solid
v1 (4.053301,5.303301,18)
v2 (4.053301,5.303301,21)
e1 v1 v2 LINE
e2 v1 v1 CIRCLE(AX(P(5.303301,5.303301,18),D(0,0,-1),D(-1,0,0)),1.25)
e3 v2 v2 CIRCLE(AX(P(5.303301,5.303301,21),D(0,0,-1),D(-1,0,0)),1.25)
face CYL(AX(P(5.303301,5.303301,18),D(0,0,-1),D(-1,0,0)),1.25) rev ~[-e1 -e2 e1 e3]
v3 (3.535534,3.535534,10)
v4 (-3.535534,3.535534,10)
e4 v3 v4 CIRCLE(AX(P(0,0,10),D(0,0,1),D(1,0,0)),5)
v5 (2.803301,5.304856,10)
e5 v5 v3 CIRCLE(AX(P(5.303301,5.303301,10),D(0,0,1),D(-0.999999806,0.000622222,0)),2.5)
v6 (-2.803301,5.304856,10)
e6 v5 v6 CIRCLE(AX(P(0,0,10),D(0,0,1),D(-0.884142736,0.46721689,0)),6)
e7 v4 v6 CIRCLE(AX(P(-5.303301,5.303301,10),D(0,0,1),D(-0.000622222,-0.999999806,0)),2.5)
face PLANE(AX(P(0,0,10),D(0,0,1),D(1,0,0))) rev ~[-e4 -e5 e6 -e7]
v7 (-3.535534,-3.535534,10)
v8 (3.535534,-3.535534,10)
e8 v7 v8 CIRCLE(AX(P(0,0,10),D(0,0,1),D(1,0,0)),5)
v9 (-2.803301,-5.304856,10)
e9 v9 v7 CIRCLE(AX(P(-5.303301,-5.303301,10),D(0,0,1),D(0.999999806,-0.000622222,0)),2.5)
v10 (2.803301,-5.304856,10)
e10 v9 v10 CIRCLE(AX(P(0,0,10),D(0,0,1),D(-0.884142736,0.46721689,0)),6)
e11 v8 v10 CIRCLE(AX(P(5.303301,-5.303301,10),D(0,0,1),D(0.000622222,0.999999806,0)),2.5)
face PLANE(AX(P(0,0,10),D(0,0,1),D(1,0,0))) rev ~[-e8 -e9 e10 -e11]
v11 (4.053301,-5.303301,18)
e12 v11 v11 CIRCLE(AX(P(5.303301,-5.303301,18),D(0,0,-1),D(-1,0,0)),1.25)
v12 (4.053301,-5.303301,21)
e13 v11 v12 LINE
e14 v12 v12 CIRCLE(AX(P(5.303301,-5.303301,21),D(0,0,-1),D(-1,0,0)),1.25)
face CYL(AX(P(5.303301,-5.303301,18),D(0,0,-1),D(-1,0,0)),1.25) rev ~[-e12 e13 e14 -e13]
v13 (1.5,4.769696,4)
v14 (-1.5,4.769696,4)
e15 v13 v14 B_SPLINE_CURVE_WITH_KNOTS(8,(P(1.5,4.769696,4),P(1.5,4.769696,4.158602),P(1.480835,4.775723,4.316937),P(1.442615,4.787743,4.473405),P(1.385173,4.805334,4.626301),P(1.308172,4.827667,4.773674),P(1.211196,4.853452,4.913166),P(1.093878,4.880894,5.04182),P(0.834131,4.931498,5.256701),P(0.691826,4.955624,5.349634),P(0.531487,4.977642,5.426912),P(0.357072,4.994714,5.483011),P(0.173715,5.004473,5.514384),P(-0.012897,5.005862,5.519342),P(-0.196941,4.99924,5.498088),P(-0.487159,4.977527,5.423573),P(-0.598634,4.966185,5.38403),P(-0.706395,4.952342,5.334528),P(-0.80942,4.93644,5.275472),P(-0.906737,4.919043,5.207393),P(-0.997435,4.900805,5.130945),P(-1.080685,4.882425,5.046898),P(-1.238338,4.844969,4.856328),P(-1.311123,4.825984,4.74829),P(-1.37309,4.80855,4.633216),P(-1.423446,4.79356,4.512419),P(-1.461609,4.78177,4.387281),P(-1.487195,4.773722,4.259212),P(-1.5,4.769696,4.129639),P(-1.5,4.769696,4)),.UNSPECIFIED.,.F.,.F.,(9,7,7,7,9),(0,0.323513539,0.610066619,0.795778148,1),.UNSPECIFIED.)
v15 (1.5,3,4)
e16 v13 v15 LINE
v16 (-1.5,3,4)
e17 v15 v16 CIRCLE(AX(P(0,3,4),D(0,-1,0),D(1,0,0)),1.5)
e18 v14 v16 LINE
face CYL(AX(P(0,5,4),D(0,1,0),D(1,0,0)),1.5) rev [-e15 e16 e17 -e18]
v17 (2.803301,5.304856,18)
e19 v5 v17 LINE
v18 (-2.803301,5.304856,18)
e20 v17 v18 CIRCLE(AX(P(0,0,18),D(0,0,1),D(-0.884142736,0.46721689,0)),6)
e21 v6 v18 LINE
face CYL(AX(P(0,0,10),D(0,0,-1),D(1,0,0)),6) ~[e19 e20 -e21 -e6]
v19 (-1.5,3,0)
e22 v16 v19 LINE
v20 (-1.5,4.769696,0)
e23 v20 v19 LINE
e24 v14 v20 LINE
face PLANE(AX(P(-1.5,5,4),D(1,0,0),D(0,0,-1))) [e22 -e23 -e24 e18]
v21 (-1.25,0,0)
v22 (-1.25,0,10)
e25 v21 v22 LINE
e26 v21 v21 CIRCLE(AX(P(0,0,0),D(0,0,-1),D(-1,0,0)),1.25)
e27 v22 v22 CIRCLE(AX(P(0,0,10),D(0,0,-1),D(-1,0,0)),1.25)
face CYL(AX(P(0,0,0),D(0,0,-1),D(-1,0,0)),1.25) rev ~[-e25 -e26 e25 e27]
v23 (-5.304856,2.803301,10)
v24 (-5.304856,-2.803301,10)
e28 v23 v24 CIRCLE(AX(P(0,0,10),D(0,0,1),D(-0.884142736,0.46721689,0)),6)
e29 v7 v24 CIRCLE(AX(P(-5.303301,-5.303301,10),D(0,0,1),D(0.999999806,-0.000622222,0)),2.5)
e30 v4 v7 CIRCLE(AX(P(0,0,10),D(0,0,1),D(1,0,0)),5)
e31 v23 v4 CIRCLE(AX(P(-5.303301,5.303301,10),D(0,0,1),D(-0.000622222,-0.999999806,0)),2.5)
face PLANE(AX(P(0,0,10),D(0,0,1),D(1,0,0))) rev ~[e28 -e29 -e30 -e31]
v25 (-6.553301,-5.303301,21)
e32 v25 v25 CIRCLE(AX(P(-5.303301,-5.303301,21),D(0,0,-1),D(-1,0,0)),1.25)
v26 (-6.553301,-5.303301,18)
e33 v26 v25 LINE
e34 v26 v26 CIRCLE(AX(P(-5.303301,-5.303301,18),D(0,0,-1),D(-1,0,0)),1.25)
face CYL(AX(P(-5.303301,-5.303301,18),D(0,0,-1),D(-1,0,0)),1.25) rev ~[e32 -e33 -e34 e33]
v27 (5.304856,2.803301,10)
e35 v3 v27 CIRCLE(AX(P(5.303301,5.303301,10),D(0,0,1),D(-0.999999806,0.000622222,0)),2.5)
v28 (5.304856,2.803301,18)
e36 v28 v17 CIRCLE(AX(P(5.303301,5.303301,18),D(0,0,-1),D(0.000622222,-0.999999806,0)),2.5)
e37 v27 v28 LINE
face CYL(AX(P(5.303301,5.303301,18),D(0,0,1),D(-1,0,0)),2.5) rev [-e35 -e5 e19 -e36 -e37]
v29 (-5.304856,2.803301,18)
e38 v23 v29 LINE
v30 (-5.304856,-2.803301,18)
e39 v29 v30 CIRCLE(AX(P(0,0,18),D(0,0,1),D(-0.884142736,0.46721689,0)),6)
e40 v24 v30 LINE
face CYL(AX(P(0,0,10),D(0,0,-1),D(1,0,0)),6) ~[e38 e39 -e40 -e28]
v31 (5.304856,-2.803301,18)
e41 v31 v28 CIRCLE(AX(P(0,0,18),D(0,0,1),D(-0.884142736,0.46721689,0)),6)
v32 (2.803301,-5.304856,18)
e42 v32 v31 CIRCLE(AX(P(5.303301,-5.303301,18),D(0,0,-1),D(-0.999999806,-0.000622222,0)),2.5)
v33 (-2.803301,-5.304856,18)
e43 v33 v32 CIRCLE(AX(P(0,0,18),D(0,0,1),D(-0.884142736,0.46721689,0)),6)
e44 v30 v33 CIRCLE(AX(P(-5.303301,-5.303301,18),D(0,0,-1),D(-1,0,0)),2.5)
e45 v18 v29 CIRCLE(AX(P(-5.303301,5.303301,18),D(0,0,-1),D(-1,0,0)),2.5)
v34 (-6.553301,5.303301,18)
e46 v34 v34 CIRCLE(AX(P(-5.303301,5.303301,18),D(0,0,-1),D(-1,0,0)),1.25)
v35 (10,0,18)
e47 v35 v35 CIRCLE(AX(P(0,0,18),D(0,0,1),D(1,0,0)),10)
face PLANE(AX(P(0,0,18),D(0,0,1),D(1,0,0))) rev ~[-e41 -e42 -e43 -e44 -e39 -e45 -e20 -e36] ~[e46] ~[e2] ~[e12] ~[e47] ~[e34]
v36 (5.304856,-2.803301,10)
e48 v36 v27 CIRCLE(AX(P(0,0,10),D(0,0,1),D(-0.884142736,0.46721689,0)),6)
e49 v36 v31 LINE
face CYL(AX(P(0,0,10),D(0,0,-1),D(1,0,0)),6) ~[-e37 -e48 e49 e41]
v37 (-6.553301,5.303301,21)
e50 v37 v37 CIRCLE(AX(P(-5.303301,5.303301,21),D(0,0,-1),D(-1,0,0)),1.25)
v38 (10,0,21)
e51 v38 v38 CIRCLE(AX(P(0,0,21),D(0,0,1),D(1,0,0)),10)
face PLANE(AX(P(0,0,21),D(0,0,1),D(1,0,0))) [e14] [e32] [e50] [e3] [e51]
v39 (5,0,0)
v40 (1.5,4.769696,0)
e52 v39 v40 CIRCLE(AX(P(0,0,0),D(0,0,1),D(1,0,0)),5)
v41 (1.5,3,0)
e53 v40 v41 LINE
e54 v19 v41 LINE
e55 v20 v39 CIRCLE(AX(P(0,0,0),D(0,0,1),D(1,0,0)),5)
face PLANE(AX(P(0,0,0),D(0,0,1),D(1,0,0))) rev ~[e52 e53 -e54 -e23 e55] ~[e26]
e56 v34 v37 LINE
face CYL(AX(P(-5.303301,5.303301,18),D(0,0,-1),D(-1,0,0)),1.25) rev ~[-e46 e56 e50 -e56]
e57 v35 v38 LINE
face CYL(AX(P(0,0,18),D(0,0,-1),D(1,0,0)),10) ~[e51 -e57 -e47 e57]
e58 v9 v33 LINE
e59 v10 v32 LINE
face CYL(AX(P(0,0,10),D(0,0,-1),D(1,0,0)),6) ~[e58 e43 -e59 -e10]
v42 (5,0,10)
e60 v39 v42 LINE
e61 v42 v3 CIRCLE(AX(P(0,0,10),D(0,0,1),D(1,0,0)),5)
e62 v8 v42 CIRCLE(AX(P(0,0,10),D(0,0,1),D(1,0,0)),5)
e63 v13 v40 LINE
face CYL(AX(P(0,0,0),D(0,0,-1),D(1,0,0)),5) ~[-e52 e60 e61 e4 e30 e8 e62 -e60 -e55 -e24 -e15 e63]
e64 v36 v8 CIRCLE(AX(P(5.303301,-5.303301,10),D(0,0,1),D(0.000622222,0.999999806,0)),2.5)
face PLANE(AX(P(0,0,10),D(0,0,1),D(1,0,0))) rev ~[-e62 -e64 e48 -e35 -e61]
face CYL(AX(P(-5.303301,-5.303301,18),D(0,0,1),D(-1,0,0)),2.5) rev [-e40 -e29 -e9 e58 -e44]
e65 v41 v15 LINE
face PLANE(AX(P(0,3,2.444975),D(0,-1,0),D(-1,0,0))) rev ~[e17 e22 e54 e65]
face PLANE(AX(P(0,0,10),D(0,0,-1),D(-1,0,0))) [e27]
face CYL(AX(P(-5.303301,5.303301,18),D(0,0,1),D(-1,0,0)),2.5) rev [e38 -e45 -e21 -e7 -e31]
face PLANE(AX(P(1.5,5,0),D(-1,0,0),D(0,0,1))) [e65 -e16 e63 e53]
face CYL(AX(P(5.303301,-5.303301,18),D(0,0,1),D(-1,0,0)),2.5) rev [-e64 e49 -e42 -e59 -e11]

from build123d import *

# Parameters (mm, degrees)
SKETCH_1_R          = 5
EXTRUDE_1_DEPTH     = 10
CUT_EXTRUDE_1_DEPTH = 2
SKETCH_3_R          = 6
EXTRUDE_2_DEPTH     = 8
SKETCH_4_R          = 1.25
CUT_EXTRUDE_2_DEPTH = 10
SKETCH_6_R          = 10
EXTRUDE_3_DEPTH     = 3
CUT_EXTRUDE_4_REACH = 24.891
SKETCH_7_R          = 1.25
CUT_EXTRUDE_5_REACH = 24.891
SKETCH_11_R         = 2.5


with BuildPart() as part:
    # 草图1 → 凸台-拉伸1 (new body)
    with BuildSketch(Plane.XY):
        Circle(SKETCH_1_R)
    extrude(amount=EXTRUDE_1_DEPTH)

    # 草图2 → 切除-拉伸1 (cut)
    with BuildSketch(Plane(origin=(0, 5, 0), x_dir=(1, 0, 0), z_dir=(0, 1, 0))):
        with BuildLine():
            Line((-1.5, -4), (-1.5, 0))
            Line((-1.5, 0), (1.5, 0))
            Line((1.5, 0), (1.5, -4))
            ThreePointArc((1.5, -4), (0, -5.5), (-1.5, -4))
        make_face()
    extrude(amount=-CUT_EXTRUDE_1_DEPTH, mode=Mode.SUBTRACT)

    # 草图3 → 凸台-拉伸2 (add)
    with BuildSketch(Plane.XY.offset(10)):
        Circle(SKETCH_3_R)
    extrude(amount=EXTRUDE_2_DEPTH)

    # 草图4 → 切除-拉伸2 (cut)
    with BuildSketch(Plane(origin=(0, 0, 0), x_dir=(-1, 0, 0), z_dir=(0, 0, -1))):
        Circle(SKETCH_4_R)
    extrude(amount=-CUT_EXTRUDE_2_DEPTH, mode=Mode.SUBTRACT)

    # 草图6 → 凸台-拉伸3 (add)
    with BuildSketch(Plane.XY.offset(18)):
        Circle(SKETCH_6_R)
    extrude(amount=EXTRUDE_3_DEPTH)

    # 草图7 → 切除-拉伸4 (cut, up to next)
    with BuildSketch(Plane(origin=(0, 0, 18), x_dir=(-1, 0, 0), z_dir=(0, 0, -1)), mode=Mode.PRIVATE) as cut_extrude_4_sk1:
        with Locations((5.303300859, 5.303300859)):
            Circle(SKETCH_7_R)
    cut_extrude_4_tool1 = extrude(cut_extrude_4_sk1.sketch, amount=-CUT_EXTRUDE_4_REACH, mode=Mode.PRIVATE) & part.part
    # 草图7 → 切除-拉伸4 (cut, up to next)
    with BuildSketch(Plane(origin=(0, 0, 18), x_dir=(-1, 0, 0), z_dir=(0, 0, -1)), mode=Mode.PRIVATE) as cut_extrude_4_sk2:
        with Locations((-5.303300859, 5.303300859)):
            Circle(SKETCH_7_R)
    cut_extrude_4_tool2 = extrude(cut_extrude_4_sk2.sketch, amount=-CUT_EXTRUDE_4_REACH, mode=Mode.PRIVATE) & part.part
    # 草图7 → 切除-拉伸4 (cut, up to next)
    with BuildSketch(Plane(origin=(0, 0, 18), x_dir=(-1, 0, 0), z_dir=(0, 0, -1)), mode=Mode.PRIVATE) as cut_extrude_4_sk3:
        with Locations((-5.303300859, -5.303300859)):
            Circle(SKETCH_7_R)
    cut_extrude_4_tool3 = extrude(cut_extrude_4_sk3.sketch, amount=-CUT_EXTRUDE_4_REACH, mode=Mode.PRIVATE) & part.part
    # 草图7 → 切除-拉伸4 (cut, up to next)
    with BuildSketch(Plane(origin=(0, 0, 18), x_dir=(-1, 0, 0), z_dir=(0, 0, -1)), mode=Mode.PRIVATE) as cut_extrude_4_sk4:
        with Locations((5.303300859, -5.303300859)):
            Circle(SKETCH_7_R)
    cut_extrude_4_tool4 = extrude(cut_extrude_4_sk4.sketch, amount=-CUT_EXTRUDE_4_REACH, mode=Mode.PRIVATE) & part.part
    add(cut_extrude_4_tool1.solids().sort_by_distance((-5.303301, 5.303301, 18))[0], mode=Mode.SUBTRACT)
    add(cut_extrude_4_tool2.solids().sort_by_distance((5.303301, 5.303301, 18))[0], mode=Mode.SUBTRACT)
    add(cut_extrude_4_tool3.solids().sort_by_distance((5.303301, -5.303301, 18))[0], mode=Mode.SUBTRACT)
    add(cut_extrude_4_tool4.solids().sort_by_distance((-5.303301, -5.303301, 18))[0], mode=Mode.SUBTRACT)

    # 草图11 → 切除-拉伸5 (cut, up to next)
    with BuildSketch(Plane(origin=(0, 0, 18), x_dir=(-1, 0, 0), z_dir=(0, 0, -1)), mode=Mode.PRIVATE) as cut_extrude_5_sk1:
        with Locations((5.303300859, 5.303300859)):
            Circle(SKETCH_11_R)
    cut_extrude_5_tool1 = extrude(cut_extrude_5_sk1.sketch, amount=CUT_EXTRUDE_5_REACH, mode=Mode.PRIVATE) & part.part
    # 草图11 → 切除-拉伸5 (cut, up to next)
    with BuildSketch(Plane(origin=(0, 0, 18), x_dir=(-1, 0, 0), z_dir=(0, 0, -1)), mode=Mode.PRIVATE) as cut_extrude_5_sk2:
        with Locations((-5.303300859, 5.303300859)):
            Circle(SKETCH_11_R)
    cut_extrude_5_tool2 = extrude(cut_extrude_5_sk2.sketch, amount=CUT_EXTRUDE_5_REACH, mode=Mode.PRIVATE) & part.part
    # 草图11 → 切除-拉伸5 (cut, up to next)
    with BuildSketch(Plane(origin=(0, 0, 18), x_dir=(-1, 0, 0), z_dir=(0, 0, -1)), mode=Mode.PRIVATE) as cut_extrude_5_sk3:
        with Locations((-5.303300859, -5.303300859)):
            Circle(SKETCH_11_R)
    cut_extrude_5_tool3 = extrude(cut_extrude_5_sk3.sketch, amount=CUT_EXTRUDE_5_REACH, mode=Mode.PRIVATE) & part.part
    # 草图11 → 切除-拉伸5 (cut, up to next)
    with BuildSketch(Plane(origin=(0, 0, 18), x_dir=(-1, 0, 0), z_dir=(0, 0, -1)), mode=Mode.PRIVATE) as cut_extrude_5_sk4:
        with Locations((5.303300859, -5.303300859)):
            Circle(SKETCH_11_R)
    cut_extrude_5_tool4 = extrude(cut_extrude_5_sk4.sketch, amount=CUT_EXTRUDE_5_REACH, mode=Mode.PRIVATE) & part.part
    add(cut_extrude_5_tool1.solids().sort_by_distance((-5.303301, 5.303301, 18))[0], mode=Mode.SUBTRACT)
    add(cut_extrude_5_tool2.solids().sort_by_distance((5.303301, 5.303301, 18))[0], mode=Mode.SUBTRACT)
    add(cut_extrude_5_tool3.solids().sort_by_distance((5.303301, -5.303301, 18))[0], mode=Mode.SUBTRACT)
    add(cut_extrude_5_tool4.solids().sort_by_distance((-5.303301, -5.303301, 18))[0], mode=Mode.SUBTRACT)


solid = part.part
